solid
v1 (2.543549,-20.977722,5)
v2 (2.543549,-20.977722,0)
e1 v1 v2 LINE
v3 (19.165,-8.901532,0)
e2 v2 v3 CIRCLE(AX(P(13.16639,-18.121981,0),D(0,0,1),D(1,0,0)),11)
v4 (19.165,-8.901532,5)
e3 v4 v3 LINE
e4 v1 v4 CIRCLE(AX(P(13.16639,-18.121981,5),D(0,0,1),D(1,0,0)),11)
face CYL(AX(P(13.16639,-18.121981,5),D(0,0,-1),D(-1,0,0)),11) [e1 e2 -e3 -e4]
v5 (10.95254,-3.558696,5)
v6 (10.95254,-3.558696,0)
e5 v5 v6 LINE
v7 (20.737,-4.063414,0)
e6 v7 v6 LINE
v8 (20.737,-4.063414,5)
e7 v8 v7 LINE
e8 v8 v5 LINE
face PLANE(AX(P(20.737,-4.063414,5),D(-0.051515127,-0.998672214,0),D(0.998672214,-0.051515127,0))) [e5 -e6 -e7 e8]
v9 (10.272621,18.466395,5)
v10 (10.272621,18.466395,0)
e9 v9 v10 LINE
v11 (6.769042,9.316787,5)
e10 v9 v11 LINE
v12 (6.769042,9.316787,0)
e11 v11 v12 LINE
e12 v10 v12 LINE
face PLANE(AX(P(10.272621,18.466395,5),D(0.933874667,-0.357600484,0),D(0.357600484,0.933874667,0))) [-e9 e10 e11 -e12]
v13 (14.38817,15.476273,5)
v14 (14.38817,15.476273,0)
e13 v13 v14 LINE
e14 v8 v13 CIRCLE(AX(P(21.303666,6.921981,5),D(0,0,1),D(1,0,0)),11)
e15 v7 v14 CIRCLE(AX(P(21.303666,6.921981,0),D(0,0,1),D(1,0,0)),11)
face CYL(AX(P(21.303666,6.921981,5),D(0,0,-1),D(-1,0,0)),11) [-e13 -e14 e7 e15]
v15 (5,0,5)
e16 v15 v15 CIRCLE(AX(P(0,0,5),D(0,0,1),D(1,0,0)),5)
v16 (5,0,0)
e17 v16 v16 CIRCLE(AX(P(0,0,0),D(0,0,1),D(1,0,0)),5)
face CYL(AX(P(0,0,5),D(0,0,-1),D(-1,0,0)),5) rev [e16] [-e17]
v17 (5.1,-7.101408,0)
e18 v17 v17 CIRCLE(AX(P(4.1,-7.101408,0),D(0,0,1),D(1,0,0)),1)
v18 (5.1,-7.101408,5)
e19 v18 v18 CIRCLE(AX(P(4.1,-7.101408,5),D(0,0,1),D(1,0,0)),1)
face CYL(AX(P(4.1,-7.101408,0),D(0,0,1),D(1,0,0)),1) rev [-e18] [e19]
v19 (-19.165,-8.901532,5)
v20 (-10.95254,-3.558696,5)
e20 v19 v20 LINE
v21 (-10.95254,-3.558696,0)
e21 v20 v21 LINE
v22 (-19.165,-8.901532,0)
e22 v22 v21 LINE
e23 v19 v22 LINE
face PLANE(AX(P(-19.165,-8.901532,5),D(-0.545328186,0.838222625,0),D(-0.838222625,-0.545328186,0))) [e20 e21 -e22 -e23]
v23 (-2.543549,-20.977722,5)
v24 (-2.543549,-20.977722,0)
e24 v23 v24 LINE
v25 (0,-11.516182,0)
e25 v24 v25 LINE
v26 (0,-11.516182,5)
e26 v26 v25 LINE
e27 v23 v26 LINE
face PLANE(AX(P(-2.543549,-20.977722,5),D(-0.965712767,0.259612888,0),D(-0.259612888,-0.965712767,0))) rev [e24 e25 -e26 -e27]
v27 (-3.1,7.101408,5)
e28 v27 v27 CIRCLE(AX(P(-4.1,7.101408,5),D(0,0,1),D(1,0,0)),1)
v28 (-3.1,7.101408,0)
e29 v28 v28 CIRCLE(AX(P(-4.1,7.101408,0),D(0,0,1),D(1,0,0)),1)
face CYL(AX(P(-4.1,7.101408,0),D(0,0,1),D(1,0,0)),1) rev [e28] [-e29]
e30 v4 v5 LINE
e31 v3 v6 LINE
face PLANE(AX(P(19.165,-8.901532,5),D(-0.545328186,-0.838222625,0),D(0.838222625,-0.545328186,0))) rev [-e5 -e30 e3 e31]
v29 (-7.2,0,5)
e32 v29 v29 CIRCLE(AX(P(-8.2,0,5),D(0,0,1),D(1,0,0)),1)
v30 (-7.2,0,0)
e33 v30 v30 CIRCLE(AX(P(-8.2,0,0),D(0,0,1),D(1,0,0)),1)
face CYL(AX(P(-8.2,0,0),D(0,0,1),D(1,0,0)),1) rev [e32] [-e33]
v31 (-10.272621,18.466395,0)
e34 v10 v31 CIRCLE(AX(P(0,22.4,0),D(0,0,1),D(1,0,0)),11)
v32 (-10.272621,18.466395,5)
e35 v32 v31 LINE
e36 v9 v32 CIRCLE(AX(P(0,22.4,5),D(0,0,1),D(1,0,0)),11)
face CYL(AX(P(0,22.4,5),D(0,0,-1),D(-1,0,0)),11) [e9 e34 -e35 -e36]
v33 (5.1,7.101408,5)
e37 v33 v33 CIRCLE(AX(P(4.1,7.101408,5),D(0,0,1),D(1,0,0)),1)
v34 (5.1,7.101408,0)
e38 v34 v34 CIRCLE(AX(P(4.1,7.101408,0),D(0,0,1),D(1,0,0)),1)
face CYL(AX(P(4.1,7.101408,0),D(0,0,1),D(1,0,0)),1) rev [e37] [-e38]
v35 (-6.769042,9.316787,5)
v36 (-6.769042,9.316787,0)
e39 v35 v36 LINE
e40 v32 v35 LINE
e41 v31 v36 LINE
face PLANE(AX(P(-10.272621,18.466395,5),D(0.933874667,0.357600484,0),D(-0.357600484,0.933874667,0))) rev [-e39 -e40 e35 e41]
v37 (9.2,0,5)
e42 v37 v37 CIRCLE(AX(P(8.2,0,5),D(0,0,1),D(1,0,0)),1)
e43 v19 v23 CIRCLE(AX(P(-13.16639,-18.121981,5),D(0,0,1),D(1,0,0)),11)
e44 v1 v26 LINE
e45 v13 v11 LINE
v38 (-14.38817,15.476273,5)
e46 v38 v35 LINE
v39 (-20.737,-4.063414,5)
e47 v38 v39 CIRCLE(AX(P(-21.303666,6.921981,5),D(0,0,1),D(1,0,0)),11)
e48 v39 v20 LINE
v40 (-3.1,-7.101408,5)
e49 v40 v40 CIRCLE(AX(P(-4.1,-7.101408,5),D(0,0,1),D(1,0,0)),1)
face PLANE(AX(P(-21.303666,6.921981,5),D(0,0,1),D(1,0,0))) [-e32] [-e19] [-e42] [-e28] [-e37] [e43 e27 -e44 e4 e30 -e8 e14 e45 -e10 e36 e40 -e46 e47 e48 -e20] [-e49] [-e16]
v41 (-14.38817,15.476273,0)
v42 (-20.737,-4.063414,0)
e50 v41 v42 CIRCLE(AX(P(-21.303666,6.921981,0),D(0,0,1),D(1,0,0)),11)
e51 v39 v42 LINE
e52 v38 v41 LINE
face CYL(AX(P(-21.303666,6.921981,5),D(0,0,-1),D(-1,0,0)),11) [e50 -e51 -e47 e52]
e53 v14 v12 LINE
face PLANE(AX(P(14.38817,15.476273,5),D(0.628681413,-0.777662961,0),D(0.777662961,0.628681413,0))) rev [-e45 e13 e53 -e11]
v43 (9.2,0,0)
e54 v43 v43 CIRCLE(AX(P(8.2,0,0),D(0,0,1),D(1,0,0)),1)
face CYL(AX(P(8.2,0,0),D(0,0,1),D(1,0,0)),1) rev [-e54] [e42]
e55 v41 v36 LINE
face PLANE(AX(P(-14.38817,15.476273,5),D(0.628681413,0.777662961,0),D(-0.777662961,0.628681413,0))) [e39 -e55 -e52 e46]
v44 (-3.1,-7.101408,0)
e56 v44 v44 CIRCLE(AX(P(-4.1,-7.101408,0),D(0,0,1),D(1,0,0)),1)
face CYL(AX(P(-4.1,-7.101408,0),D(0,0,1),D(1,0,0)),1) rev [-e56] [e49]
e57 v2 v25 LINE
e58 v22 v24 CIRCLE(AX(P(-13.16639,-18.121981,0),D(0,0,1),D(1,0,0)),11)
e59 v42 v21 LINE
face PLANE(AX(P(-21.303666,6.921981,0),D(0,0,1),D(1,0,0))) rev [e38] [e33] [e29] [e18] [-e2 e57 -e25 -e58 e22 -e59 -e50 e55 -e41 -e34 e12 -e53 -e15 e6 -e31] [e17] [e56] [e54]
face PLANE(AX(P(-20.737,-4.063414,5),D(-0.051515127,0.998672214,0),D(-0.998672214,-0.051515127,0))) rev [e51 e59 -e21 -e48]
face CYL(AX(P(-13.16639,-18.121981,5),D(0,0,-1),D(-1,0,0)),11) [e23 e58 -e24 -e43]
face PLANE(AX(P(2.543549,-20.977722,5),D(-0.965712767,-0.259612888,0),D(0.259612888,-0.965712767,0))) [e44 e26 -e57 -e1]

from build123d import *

# Parameters (mm, degrees)
ESTRUSIONE_ESTRUSIONE1_DEPTH = 5
SCHIZZO2_R                   = 1
TAGLIO_ESTRUSIONE1_DEPTH     = 5
SCHIZZO1_4_R                 = 5
ESTRUSIONE_ESTRUSIONE2_DEPTH = 5
SCHIZZO1_5_R                 = 5
TAGLIO_ESTRUSIONE2_DEPTH     = 5


with BuildPart() as part:
    # Schizzo1 → Estrusione-Estrusione1 (new body)
    with BuildSketch(Plane.XY):
        with BuildLine():
            Line((-10.272621339, 18.466394679), (-6.769041701, 9.316786616))
            Line((-6.769041701, 9.316786616), (-14.388170422, 15.476273245))
            ThreePointArc((-14.388170422, 15.476273245), (-31.765287644, 10.321167612), (-20.736999563, -4.063413683))
            Line((-20.736999563, -4.063413683), (-10.952539543, -3.558695821))
            Line((-10.952539543, -3.558695821), (-19.164999696, -8.901531795))
            ThreePointArc((-19.164999696, -8.901531795), (-19.632027427, -27.021167612), (-2.543549215, -20.977722446))
            Line((-2.543549215, -20.977722446), (0, -11.516181589))
            Line((0, -11.516181589), (2.543549215, -20.977722446))
            ThreePointArc((2.543549215, -20.977722446), (19.632027427, -27.021167612), (19.164999696, -8.901531795))
            Line((19.164999696, -8.901531795), (10.952539543, -3.558695821))
            Line((10.952539543, -3.558695821), (20.736999563, -4.063413683))
            ThreePointArc((20.736999563, -4.063413683), (31.765287644, 10.321167612), (14.388170422, 15.476273245))
            Line((14.388170422, 15.476273245), (6.769041701, 9.316786616))
            Line((6.769041701, 9.316786616), (10.272621339, 18.466394679))
            ThreePointArc((10.272621339, 18.466394679), (0, 33.4), (-10.272621339, 18.466394679))
        make_face()
    extrude(amount=ESTRUSIONE_ESTRUSIONE1_DEPTH)

    # Schizzo2 → Taglio-Estrusione1 (cut)
    with BuildSketch(Plane.XY.offset(5)):
        with Locations((8.2, 0)):
            Circle(SCHIZZO2_R)
        with Locations((4.1, -7.101408311)):
            Circle(SCHIZZO2_R)
        with Locations((-4.1, -7.101408311)):
            Circle(SCHIZZO2_R)
        with Locations((-8.2, 0)):
            Circle(SCHIZZO2_R)
        with Locations((-4.1, 7.101408311)):
            Circle(SCHIZZO2_R)
        with Locations((4.1, 7.101408311)):
            Circle(SCHIZZO2_R)
    extrude(amount=-TAGLIO_ESTRUSIONE1_DEPTH, mode=Mode.SUBTRACT)

    # Schizzo1<4> → Estrusione-Estrusione2 (add)
    with BuildSketch(Plane.XY):
        Circle(SCHIZZO1_4_R)
    extrude(amount=ESTRUSIONE_ESTRUSIONE2_DEPTH)

    # Schizzo1<5> → Taglio-Estrusione2 (cut)
    with BuildSketch(Plane.XY):
        Circle(SCHIZZO1_5_R)
    extrude(amount=TAGLIO_ESTRUSIONE2_DEPTH, mode=Mode.SUBTRACT)


solid = part.part
